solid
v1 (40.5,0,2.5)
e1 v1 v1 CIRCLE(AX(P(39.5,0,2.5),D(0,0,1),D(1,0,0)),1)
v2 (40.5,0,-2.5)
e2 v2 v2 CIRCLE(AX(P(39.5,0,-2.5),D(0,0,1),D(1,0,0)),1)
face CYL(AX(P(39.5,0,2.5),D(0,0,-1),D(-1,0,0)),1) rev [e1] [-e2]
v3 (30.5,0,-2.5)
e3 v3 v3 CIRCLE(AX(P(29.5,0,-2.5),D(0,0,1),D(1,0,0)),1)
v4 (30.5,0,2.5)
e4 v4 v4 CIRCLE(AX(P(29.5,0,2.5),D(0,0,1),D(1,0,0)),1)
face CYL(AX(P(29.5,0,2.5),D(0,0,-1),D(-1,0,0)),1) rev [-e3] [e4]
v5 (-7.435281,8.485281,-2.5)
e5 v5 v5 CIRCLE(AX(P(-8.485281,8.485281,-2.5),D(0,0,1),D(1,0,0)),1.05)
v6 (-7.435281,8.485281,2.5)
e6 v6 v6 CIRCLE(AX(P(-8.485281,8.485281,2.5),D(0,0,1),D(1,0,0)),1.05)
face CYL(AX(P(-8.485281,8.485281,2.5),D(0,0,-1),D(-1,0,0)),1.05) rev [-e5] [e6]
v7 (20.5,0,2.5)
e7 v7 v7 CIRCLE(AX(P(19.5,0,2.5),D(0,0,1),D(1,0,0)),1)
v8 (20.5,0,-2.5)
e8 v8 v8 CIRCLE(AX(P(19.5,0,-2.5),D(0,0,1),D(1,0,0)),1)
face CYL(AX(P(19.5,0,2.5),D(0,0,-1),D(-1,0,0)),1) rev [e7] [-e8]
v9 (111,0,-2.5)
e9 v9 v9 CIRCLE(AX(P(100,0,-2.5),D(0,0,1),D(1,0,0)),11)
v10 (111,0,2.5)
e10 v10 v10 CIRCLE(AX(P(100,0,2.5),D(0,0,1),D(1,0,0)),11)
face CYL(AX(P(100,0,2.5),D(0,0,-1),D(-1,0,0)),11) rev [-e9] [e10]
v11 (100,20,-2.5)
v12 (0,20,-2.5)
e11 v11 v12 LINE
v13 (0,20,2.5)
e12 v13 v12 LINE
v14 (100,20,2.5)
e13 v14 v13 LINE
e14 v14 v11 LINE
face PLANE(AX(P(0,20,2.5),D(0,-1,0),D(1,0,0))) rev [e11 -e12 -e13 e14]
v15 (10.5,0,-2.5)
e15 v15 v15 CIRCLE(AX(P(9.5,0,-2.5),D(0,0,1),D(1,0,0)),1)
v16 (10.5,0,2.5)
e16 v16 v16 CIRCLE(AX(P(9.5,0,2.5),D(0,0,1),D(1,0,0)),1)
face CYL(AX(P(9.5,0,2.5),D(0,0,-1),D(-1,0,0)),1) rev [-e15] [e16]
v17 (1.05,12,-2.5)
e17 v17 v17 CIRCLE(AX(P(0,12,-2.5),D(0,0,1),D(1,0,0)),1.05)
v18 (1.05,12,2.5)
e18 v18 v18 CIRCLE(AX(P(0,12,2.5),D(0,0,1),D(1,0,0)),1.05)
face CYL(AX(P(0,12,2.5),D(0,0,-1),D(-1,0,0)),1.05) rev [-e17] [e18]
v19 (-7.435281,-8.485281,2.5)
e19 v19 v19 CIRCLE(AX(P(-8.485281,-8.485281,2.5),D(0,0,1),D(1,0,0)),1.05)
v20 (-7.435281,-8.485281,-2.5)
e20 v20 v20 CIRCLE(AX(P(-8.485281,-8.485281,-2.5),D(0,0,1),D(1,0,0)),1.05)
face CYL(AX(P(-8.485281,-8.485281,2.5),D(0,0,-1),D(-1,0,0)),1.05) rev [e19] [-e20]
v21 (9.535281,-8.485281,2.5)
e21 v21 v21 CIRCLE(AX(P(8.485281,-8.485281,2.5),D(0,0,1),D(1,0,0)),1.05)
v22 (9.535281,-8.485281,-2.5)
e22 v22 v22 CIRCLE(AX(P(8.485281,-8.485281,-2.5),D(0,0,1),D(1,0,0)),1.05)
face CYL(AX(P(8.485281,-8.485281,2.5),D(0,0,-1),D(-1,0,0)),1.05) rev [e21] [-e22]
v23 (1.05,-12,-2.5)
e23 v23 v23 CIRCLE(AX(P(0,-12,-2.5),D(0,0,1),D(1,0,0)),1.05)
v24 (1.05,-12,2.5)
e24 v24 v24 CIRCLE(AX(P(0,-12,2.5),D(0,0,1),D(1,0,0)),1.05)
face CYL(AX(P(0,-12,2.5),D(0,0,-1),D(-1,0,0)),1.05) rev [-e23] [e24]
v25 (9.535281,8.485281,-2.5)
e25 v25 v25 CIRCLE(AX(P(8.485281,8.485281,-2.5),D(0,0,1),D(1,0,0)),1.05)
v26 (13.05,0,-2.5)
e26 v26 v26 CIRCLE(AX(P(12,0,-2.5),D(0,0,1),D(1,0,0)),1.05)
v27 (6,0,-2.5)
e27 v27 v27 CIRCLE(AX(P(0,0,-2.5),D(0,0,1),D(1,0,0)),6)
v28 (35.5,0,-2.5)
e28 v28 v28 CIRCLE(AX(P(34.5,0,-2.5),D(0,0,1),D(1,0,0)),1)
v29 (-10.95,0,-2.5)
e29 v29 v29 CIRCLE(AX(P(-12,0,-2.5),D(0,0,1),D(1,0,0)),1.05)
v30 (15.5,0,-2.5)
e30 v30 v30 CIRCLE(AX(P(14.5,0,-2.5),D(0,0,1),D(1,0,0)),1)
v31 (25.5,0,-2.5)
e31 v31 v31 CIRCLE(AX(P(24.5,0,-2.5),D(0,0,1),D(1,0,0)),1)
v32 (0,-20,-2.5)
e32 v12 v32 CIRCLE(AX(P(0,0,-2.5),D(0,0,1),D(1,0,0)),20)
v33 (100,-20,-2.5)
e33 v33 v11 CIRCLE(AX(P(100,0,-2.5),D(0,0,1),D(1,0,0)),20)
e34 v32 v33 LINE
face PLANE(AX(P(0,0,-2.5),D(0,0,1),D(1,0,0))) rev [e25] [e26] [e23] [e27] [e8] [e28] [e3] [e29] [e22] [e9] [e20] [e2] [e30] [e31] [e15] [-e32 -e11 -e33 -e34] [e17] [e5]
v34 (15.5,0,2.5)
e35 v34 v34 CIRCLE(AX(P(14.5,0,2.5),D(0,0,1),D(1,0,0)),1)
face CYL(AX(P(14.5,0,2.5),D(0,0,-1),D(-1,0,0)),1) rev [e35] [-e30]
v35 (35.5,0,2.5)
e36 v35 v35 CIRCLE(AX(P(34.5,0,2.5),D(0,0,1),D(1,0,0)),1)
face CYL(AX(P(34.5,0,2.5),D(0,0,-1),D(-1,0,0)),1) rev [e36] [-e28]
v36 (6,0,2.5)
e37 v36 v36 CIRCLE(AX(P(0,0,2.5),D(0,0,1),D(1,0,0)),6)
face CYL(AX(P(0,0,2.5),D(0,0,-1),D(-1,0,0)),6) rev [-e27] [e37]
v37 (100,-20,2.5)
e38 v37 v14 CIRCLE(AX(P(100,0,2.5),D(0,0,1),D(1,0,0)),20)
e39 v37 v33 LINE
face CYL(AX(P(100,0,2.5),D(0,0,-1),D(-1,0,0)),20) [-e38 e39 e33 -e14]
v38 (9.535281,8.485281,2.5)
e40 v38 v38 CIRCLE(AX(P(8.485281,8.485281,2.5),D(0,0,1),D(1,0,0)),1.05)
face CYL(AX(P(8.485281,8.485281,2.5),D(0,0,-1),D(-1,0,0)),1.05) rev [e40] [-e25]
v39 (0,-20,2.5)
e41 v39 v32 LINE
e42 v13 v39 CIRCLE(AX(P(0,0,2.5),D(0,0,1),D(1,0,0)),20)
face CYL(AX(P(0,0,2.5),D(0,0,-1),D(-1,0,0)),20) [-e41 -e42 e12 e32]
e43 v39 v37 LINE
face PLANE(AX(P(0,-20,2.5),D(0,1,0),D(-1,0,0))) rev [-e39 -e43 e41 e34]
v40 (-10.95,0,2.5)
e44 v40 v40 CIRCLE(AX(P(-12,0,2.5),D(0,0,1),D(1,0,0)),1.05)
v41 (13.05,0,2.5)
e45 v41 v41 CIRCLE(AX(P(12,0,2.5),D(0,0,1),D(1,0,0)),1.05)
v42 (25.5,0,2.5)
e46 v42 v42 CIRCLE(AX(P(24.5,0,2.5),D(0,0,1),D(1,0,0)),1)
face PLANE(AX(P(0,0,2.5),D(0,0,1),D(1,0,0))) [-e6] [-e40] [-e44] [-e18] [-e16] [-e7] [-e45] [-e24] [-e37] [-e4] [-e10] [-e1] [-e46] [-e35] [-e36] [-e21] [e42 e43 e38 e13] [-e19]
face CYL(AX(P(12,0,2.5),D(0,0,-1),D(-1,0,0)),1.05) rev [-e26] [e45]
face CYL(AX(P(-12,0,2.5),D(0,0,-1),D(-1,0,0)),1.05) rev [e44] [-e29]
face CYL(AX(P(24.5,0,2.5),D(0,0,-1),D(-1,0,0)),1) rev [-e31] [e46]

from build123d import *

# Parameters (mm, degrees)
SKETCH1_R           = 6
SKETCH1_R_2         = 1
SKETCH1_R_3         = 11
SKETCH1_R_4         = 1.05
BOSS_EXTRUDE1_DEPTH = 2.5


with BuildPart() as part:
    # Sketch1 → Boss-Extrude1 (new, symmetric)
    with BuildSketch(Plane.XY):
        with BuildLine():
            Line((0, 20), (100, 20))
            ThreePointArc((100, 20), (120, 0), (100, -20))
            Line((100, -20), (0, -20))
            ThreePointArc((0, -20), (-20, 0), (0, 20))
        make_face()
        Circle(SKETCH1_R, mode=Mode.SUBTRACT)
        with Locations((9.5, 0)):
            Circle(SKETCH1_R_2, mode=Mode.SUBTRACT)
        with Locations((14.5, 0)):
            Circle(SKETCH1_R_2, mode=Mode.SUBTRACT)
        with Locations((19.5, 0)):
            Circle(SKETCH1_R_2, mode=Mode.SUBTRACT)
        with Locations((24.5, 0)):
            Circle(SKETCH1_R_2, mode=Mode.SUBTRACT)
        with Locations((29.5, 0)):
            Circle(SKETCH1_R_2, mode=Mode.SUBTRACT)
        with Locations((34.5, 0)):
            Circle(SKETCH1_R_2, mode=Mode.SUBTRACT)
        with Locations((39.5, 0)):
            Circle(SKETCH1_R_2, mode=Mode.SUBTRACT)
        with Locations((100, 0)):
            Circle(SKETCH1_R_3, mode=Mode.SUBTRACT)
        with Locations((0, 12)):
            Circle(SKETCH1_R_4, mode=Mode.SUBTRACT)
        with Locations((8.485281374, 8.485281374)):
            Circle(SKETCH1_R_4, mode=Mode.SUBTRACT)
        with Locations((12, 0)):
            Circle(SKETCH1_R_4, mode=Mode.SUBTRACT)
        with Locations((8.485281374, -8.485281374)):
            Circle(SKETCH1_R_4, mode=Mode.SUBTRACT)
        with Locations((0, -12)):
            Circle(SKETCH1_R_4, mode=Mode.SUBTRACT)
        with Locations((-8.485281374, -8.485281374)):
            Circle(SKETCH1_R_4, mode=Mode.SUBTRACT)
        with Locations((-12, 0)):
            Circle(SKETCH1_R_4, mode=Mode.SUBTRACT)
        with Locations((-8.485281374, 8.485281374)):
            Circle(SKETCH1_R_4, mode=Mode.SUBTRACT)
    extrude(amount=BOSS_EXTRUDE1_DEPTH, both=True)


solid = part.part
